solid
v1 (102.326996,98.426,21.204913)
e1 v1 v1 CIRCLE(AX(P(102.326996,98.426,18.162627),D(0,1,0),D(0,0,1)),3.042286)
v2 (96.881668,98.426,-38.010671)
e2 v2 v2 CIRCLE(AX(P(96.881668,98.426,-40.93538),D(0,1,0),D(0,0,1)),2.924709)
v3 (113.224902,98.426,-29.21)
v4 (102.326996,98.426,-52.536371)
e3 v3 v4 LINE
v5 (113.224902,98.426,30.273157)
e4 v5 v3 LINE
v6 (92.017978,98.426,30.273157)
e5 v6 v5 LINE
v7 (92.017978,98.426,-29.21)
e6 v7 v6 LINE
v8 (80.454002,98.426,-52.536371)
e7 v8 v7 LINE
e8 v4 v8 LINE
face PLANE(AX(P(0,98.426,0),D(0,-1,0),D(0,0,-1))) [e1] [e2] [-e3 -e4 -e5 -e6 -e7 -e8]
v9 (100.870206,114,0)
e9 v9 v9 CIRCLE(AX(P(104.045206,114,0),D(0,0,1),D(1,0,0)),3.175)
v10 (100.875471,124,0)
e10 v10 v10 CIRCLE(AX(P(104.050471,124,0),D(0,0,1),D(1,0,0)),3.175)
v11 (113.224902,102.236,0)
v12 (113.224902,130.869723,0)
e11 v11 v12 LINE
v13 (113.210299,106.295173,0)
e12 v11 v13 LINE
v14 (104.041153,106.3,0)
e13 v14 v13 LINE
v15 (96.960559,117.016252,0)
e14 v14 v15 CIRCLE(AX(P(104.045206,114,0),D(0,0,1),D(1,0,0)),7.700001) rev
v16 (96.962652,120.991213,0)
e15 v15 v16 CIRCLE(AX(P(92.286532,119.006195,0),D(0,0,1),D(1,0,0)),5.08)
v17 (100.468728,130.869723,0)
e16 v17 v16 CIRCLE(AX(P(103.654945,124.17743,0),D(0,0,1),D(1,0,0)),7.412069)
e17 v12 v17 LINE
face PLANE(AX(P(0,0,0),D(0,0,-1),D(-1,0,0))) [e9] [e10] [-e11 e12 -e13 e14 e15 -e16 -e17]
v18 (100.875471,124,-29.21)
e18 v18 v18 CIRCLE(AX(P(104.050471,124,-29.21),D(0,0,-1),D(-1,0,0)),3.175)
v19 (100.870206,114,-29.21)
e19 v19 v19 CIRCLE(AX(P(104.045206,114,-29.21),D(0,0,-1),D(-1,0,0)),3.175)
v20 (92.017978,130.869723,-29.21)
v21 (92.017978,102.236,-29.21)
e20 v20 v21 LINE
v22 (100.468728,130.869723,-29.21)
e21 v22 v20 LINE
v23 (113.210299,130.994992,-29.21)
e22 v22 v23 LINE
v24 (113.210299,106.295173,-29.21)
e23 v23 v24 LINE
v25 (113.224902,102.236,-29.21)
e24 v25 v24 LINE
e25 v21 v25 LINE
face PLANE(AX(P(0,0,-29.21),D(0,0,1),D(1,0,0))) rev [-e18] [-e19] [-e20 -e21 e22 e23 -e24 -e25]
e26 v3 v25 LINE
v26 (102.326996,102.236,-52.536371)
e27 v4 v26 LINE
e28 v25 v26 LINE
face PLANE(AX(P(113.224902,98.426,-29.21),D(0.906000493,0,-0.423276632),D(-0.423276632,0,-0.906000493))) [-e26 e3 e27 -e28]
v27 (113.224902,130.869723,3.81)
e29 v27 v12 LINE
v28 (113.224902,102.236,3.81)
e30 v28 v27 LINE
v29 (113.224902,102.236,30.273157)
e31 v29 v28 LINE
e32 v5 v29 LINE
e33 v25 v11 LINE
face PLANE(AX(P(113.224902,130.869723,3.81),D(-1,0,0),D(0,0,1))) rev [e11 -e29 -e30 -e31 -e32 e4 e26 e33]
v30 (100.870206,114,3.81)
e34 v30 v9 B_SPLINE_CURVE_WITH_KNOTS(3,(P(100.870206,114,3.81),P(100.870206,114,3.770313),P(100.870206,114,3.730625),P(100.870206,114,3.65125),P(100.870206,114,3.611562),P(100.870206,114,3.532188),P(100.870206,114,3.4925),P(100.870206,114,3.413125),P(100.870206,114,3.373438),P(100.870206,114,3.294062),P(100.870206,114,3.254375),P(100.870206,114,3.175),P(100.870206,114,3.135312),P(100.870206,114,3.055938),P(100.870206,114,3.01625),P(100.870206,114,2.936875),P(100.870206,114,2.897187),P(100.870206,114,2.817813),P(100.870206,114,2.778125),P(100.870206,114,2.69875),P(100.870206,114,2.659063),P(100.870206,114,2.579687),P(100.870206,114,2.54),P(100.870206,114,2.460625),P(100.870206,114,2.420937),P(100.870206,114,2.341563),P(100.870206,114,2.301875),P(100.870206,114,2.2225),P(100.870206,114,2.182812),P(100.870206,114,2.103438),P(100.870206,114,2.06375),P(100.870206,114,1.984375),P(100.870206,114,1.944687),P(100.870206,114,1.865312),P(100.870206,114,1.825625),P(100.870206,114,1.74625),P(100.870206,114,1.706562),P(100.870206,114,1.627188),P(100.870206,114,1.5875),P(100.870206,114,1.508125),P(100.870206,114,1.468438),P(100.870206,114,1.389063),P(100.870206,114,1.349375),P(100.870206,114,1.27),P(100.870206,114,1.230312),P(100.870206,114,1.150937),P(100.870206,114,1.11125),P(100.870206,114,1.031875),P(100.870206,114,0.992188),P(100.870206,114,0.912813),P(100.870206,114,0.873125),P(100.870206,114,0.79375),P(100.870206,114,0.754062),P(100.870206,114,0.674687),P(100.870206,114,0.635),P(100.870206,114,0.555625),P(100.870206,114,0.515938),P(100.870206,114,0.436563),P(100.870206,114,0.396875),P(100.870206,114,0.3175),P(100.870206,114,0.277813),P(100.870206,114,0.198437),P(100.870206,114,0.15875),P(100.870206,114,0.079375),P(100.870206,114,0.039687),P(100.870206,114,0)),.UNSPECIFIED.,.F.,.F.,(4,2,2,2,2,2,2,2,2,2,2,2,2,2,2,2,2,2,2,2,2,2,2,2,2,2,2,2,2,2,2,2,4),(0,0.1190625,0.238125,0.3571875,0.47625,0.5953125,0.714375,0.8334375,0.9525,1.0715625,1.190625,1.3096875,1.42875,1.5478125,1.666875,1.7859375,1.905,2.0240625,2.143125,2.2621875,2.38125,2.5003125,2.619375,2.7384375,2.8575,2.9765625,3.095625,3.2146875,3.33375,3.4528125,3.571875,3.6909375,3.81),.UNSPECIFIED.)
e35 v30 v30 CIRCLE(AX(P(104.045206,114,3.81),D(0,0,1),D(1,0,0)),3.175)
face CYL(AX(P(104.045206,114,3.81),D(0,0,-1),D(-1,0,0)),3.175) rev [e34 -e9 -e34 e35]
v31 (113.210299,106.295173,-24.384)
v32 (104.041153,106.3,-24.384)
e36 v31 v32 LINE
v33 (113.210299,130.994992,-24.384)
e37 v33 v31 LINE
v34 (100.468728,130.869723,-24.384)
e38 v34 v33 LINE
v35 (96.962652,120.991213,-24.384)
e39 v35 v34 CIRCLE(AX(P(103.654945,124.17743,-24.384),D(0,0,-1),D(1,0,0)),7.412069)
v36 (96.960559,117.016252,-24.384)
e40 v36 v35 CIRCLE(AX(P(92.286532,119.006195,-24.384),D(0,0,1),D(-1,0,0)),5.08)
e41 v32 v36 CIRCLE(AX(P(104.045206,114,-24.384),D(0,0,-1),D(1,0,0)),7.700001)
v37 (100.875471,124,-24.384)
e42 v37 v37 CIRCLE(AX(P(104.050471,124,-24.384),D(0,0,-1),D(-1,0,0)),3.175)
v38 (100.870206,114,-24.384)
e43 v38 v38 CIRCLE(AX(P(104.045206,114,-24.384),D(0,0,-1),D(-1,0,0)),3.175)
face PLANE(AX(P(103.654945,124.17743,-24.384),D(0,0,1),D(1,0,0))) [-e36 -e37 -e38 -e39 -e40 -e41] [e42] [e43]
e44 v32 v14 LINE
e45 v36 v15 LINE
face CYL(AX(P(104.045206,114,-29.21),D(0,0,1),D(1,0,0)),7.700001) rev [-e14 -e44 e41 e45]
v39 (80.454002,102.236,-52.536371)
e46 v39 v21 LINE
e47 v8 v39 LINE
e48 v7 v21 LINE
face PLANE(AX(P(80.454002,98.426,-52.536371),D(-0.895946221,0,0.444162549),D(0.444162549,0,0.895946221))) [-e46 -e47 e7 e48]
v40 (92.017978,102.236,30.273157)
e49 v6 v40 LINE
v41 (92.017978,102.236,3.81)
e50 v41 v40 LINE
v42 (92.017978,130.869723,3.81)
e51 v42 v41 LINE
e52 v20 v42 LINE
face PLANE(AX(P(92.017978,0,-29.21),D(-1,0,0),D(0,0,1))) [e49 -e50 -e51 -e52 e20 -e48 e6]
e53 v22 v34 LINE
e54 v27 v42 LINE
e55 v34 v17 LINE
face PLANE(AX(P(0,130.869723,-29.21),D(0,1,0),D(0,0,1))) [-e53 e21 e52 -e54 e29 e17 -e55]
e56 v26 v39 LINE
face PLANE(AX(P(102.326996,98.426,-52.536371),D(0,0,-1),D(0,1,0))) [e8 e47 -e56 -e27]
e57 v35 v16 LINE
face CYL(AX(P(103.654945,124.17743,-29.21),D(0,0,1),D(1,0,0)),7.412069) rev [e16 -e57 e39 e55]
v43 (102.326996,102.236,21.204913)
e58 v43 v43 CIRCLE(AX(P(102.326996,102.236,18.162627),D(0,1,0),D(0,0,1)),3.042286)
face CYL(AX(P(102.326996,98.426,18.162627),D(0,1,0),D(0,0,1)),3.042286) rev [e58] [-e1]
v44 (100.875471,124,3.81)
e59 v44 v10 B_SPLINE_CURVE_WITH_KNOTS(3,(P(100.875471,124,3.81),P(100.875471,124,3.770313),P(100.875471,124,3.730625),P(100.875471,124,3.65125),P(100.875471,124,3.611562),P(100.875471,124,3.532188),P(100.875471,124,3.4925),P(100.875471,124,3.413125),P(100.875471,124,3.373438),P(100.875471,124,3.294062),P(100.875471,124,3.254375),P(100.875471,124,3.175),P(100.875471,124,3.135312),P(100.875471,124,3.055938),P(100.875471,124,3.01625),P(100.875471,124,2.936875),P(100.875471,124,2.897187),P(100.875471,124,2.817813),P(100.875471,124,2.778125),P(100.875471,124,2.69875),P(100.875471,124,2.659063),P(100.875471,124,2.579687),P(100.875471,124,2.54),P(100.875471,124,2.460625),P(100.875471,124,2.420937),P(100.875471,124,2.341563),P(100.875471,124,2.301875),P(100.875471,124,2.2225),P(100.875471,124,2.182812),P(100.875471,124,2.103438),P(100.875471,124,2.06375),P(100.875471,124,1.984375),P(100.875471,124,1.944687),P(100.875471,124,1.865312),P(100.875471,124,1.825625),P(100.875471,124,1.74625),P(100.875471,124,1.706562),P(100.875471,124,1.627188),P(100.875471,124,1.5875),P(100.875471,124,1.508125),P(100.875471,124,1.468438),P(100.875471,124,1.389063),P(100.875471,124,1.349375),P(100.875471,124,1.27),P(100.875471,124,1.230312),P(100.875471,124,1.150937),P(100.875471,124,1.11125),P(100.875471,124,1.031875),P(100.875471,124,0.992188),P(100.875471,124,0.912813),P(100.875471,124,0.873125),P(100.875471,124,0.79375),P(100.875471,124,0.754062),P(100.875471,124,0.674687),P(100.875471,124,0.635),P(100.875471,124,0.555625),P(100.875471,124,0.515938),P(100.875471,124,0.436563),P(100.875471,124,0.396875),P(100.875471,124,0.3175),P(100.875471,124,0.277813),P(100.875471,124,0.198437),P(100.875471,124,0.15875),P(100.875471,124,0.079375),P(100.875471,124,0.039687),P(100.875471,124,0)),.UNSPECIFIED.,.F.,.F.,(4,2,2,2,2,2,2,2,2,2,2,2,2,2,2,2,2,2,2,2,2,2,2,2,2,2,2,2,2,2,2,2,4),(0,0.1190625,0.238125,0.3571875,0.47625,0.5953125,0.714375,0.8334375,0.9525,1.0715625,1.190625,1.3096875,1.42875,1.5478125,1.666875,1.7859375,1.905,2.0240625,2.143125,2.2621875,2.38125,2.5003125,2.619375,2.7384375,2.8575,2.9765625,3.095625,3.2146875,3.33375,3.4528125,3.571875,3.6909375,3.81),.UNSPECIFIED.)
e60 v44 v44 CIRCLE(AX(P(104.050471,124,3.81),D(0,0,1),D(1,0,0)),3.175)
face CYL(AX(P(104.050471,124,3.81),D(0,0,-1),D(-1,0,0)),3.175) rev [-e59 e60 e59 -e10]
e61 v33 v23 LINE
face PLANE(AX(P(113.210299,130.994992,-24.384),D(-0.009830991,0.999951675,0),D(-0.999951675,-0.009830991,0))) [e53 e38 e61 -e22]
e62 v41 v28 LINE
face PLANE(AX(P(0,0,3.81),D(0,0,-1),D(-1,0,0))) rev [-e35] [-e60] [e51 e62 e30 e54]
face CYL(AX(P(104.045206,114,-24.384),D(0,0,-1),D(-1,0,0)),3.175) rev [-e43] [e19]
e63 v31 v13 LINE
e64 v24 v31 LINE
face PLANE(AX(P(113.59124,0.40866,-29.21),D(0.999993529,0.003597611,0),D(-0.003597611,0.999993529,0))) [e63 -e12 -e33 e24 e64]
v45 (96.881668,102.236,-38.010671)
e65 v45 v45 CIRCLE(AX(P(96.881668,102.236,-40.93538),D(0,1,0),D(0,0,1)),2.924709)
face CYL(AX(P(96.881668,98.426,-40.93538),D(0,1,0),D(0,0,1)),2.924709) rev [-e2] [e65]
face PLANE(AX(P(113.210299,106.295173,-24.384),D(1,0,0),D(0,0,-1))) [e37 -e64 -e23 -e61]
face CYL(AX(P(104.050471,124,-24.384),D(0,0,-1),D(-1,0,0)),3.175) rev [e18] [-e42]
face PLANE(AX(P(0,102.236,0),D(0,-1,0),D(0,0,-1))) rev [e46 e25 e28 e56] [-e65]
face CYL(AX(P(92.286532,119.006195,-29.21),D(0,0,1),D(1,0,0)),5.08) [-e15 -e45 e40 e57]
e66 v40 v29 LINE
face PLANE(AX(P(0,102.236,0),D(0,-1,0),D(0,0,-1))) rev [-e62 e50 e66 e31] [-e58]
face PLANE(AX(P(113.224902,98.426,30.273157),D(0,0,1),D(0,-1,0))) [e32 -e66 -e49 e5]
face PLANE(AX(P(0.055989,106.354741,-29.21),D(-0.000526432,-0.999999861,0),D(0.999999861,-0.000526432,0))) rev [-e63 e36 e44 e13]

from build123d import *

# Parameters (mm, degrees)
BOSS_EXTRUDE1_DEPTH = 29.21
SKETCH2_W           = 21.206924152
SKETCH2_H           = 28.633723015
SKETCH2_R           = 3.175
BOSS_EXTRUDE2_DEPTH = 3.81
BOSS_EXTRUDE3_START = -4.826
SKETCH3_R           = 3.175
BOSS_EXTRUDE3_DEPTH = 4.826
SKETCH4_R           = 2.924709064
SKETCH4_R_2         = 3.042286042
BOSS_EXTRUDE4_DEPTH = 3.81


with BuildPart() as part:
    # Sketch1 → Boss-Extrude1 (new body)
    with BuildSketch(Plane.XY):
        with BuildLine():
            Line((92.017977945, 102.236000374), (113.224902097, 102.236000374))
            Line((113.224902097, 102.236000374), (113.210298678, 106.295173442))
            Line((113.210298678, 106.295173442), (104.041152894, 106.300000374))
            ThreePointArc((104.041152894, 106.300000374), (97.620882741, 109.755229578), (96.960558709, 117.016252224))
            ThreePointArc((96.960558709, 117.016252224), (97.366531104, 119.0035195), (96.962652269, 120.991213315))
            ThreePointArc((96.962652269, 120.991213315), (96.669783853, 126.656600471), (100.468728286, 130.869723389))
            Line((100.468728286, 130.869723389), (92.017977945, 130.869723389))
            Line((92.017977945, 130.869723389), (92.017977945, 102.236000374))
        make_face()
    extrude(amount=-BOSS_EXTRUDE1_DEPTH)

    # Sketch2 → Boss-Extrude2 (add)
    with BuildSketch(Plane.XY):
        with Locations((102.621440021, 116.552861882)):
            Rectangle(SKETCH2_W, SKETCH2_H)
        with Locations(Location((104.05047074, 124, 0), (0, 0, 180))):
            Circle(SKETCH2_R, mode=Mode.SUBTRACT)
        with Locations(Location((104.04520642, 114, 0), (0, 0, 180))):
            Circle(SKETCH2_R, mode=Mode.SUBTRACT)
    extrude(amount=BOSS_EXTRUDE2_DEPTH)

    # Sketch3 → Boss-Extrude3 (add)
    with BuildSketch(Plane(origin=(0, 0, -29.21), x_dir=(-1, 0, 0), z_dir=(0, 0, -1)).offset(BOSS_EXTRUDE3_START)):
        with BuildLine():
            Line((-113.210298678, 106.295173442), (-113.210298678, 130.994991711))
            Line((-113.210298678, 130.994991711), (-100.468728286, 130.869723389))
            ThreePointArc((-100.468728286, 130.869723389), (-96.669783853, 126.656600471), (-96.962652269, 120.991213315))
            ThreePointArc((-96.962652269, 120.991213315), (-97.366531104, 119.0035195), (-96.960558709, 117.016252224))
            ThreePointArc((-96.960558709, 117.016252224), (-97.620882741, 109.755229578), (-104.041152894, 106.300000374))
            Line((-104.041152894, 106.300000374), (-113.210298678, 106.295173442))
        make_face()
        with Locations((-104.04520642, 114)):
            Circle(SKETCH3_R, mode=Mode.SUBTRACT)
        with Locations((-104.05047074, 124)):
            Circle(SKETCH3_R, mode=Mode.SUBTRACT)
    extrude(amount=BOSS_EXTRUDE3_DEPTH)

    # Sketch4 → Boss-Extrude4 (add)
    with BuildSketch(Plane(origin=(0, 102.236000374, 0), x_dir=(1, 0, 0), z_dir=(0, 1, 0))):
        Polygon((92.017977945, -3.81), (92.017977945, -30.273157469), (113.224902097, -30.273157469), (113.224902097, -3.81), (113.224902097, 29.21), (102.326996441, 52.536371302), (80.454002019, 52.536371302), (92.017977945, 29.21), align=None)
        with Locations(Location((96.881668056, 40.935379723, 0), (0, 0, 270))):
            Circle(SKETCH4_R, mode=Mode.SUBTRACT)
        with Locations(Location((102.326996441, -18.162627323, 0), (0, 0, 270))):
            Circle(SKETCH4_R_2, mode=Mode.SUBTRACT)
    extrude(amount=-BOSS_EXTRUDE4_DEPTH)


solid = part.part
